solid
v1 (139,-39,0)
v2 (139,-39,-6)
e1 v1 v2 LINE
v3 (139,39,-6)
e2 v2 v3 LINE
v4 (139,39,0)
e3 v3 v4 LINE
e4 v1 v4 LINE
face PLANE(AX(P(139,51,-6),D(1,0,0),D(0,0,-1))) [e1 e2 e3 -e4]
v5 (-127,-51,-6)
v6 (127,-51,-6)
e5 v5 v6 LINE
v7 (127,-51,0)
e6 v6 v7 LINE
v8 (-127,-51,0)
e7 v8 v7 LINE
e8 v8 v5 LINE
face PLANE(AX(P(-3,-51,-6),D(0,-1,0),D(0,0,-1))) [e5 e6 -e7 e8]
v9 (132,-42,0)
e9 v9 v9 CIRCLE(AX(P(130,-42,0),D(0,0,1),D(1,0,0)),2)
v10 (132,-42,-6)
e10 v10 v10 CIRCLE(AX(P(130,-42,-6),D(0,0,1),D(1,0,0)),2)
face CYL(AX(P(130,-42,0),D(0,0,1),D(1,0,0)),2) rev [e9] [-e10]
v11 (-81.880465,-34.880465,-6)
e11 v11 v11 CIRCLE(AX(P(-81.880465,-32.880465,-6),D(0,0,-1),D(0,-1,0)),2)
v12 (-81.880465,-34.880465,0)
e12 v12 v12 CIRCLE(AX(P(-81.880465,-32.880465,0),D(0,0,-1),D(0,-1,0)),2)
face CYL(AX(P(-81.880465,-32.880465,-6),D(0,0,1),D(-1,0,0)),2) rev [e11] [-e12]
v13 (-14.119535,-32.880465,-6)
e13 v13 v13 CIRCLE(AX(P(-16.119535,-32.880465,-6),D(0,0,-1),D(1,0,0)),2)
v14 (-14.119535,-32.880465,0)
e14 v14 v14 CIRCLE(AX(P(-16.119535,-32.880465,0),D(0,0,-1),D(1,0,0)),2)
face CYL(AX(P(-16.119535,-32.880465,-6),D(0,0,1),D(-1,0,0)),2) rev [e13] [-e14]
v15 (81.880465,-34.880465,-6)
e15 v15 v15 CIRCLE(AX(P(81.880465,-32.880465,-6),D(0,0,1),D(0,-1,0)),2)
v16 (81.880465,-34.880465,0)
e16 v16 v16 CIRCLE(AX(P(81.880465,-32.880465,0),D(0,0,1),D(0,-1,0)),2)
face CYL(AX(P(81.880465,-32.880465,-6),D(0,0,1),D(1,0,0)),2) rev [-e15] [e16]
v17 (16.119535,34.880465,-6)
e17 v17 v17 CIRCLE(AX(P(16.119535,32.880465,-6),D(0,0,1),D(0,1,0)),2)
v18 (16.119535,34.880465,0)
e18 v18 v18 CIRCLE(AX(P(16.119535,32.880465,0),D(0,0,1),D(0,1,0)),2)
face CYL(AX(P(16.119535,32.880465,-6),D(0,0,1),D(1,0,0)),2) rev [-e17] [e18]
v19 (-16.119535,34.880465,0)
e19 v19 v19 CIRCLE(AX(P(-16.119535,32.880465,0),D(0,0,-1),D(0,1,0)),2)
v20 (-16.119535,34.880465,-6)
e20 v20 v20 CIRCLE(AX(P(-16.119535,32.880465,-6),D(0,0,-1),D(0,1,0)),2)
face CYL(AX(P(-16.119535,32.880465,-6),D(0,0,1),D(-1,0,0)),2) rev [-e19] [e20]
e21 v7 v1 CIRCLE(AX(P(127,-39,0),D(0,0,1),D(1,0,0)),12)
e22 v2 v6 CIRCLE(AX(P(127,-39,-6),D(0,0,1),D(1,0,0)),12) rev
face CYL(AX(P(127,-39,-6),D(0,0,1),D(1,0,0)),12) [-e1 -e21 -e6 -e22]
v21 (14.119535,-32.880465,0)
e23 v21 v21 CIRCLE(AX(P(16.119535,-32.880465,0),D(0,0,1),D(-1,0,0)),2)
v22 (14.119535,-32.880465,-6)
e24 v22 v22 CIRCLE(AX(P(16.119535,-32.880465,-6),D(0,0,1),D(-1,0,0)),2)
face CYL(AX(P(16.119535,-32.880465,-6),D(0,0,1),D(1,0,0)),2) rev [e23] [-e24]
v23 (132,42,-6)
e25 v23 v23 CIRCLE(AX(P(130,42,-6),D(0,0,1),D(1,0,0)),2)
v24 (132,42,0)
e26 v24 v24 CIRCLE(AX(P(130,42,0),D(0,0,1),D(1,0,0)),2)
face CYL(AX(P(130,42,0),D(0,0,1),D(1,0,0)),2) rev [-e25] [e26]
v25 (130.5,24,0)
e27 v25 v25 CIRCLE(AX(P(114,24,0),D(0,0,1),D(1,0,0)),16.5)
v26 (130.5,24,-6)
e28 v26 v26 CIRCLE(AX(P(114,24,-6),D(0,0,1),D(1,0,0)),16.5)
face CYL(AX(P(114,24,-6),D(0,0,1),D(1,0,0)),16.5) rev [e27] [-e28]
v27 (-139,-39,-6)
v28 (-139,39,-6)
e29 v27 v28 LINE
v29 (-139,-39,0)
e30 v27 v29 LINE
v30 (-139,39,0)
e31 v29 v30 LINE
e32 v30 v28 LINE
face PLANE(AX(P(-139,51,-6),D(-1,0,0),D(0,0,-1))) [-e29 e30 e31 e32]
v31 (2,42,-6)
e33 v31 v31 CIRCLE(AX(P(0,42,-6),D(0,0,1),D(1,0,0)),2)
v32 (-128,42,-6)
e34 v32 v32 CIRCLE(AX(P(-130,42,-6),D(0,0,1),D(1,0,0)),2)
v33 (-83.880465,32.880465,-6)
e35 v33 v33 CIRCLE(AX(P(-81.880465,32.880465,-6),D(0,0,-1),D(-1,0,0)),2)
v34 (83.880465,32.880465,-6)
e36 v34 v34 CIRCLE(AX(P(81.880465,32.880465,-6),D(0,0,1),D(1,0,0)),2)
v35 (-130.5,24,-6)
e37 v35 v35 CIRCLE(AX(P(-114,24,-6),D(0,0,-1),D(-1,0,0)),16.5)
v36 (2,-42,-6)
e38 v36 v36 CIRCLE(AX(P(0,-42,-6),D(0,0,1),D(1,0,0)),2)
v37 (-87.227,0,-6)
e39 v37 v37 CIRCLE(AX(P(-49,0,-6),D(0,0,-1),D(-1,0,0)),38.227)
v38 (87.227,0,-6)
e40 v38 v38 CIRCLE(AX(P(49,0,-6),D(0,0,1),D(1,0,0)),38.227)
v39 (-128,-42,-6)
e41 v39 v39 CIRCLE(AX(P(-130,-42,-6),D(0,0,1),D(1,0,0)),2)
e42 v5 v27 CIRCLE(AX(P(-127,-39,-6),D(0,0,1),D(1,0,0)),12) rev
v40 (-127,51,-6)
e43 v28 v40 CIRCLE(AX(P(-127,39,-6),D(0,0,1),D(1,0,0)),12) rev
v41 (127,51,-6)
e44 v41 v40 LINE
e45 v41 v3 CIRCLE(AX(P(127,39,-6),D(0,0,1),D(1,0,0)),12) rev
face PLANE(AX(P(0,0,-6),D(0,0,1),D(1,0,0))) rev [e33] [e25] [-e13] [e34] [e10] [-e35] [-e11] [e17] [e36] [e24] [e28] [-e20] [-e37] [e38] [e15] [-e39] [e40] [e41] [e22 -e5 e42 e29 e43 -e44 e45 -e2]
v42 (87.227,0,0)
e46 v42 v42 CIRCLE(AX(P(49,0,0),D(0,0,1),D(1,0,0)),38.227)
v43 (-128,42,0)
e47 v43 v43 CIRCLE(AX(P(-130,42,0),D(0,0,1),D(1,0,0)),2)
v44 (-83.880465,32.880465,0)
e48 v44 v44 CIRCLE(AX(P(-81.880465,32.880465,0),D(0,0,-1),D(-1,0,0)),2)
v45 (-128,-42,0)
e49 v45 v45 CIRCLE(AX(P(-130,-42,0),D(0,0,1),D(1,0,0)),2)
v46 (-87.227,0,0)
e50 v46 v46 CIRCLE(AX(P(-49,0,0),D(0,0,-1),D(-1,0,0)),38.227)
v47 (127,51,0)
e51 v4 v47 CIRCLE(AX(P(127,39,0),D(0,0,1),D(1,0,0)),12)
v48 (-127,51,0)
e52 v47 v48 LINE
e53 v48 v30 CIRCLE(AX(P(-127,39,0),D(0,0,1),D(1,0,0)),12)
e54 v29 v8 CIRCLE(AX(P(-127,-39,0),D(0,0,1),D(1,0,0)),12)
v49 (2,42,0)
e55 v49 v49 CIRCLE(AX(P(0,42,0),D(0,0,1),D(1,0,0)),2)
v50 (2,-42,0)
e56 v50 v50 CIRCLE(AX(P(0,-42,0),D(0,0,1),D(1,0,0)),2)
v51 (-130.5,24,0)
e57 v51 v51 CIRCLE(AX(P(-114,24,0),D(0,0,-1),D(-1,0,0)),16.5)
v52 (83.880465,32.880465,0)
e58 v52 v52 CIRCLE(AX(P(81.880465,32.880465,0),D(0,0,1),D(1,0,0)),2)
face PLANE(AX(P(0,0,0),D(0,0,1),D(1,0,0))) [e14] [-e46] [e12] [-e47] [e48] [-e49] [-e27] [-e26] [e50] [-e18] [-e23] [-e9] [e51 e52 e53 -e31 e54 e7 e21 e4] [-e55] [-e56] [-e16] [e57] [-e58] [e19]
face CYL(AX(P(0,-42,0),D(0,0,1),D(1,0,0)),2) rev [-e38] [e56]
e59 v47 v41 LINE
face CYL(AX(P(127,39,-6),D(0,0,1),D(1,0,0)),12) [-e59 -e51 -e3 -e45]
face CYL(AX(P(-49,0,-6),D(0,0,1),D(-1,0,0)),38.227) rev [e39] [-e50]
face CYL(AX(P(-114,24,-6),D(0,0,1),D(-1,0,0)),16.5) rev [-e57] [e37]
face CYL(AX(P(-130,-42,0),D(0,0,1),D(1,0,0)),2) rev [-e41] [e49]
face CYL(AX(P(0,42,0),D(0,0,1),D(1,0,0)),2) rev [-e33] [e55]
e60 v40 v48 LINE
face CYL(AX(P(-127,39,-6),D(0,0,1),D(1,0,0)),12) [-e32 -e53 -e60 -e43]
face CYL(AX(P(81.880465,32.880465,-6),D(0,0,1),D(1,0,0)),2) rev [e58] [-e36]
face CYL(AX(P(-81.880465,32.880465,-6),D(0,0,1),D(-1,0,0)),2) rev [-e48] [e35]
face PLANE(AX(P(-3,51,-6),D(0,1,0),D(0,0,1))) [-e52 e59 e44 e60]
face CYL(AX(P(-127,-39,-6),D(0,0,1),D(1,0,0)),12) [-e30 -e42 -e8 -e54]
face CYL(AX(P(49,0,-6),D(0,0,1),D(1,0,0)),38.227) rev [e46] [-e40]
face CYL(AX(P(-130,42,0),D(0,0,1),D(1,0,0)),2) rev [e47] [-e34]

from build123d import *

# Parameters (mm, degrees)
SKETCH1_W                = 142
SKETCH1_H                = 102
BOSS_EXTRUDE1_DEPTH      = 6
SKETCH2_R                = 38.227
CUT_EXTRUDE1_DEPTH       = 149.182320133
SKETCH4_R                = 2
CUT_EXTRUDE2_DEPTH       = 149.182320133
CIRPATTERN1_COUNT        = 4
SKETCH5_R                = 16.5
CUT_EXTRUDE3_DEPTH       = 149.182320133
FILLET1_R                = 12
F_5_0_5_DIAMETER_HOLE1_D = 4


with BuildPart() as part:
    # Sketch1 → Boss-Extrude1 (new body)
    with BuildSketch(Plane.XY):
        with Locations((68, 0)):
            Rectangle(SKETCH1_W, SKETCH1_H)
    extrude(amount=-BOSS_EXTRUDE1_DEPTH)

    # Sketch2 → Cut-Extrude1 (cut, through all)
    with BuildSketch(Plane.XY):
        with Locations((49, 0)):
            Circle(SKETCH2_R)
    extrude(amount=-CUT_EXTRUDE1_DEPTH, mode=Mode.SUBTRACT)

    # Sketch4 → Cut-Extrude2 (cut, through all)
    with BuildSketch(Plane.XY):
        with Locations((81.880465325, 32.880465325)):
            Circle(SKETCH4_R)
    cut_extrude2 = extrude(amount=-CUT_EXTRUDE2_DEPTH, mode=Mode.SUBTRACT)

    # CirPattern1: Cut-Extrude2 ×4 about axis
    cirpattern1_axis = Axis((49, 0, 0), (0, 0, 1))
    for i in range(1, CIRPATTERN1_COUNT):
        add(cut_extrude2.rotate(cirpattern1_axis, i * 360 / CIRPATTERN1_COUNT), mode=Mode.SUBTRACT)

    # Sketch5 → Cut-Extrude3 (cut, through all)
    with BuildSketch(Plane.XY):
        with Locations((114, 24)):
            Circle(SKETCH5_R)
    extrude(amount=-CUT_EXTRUDE3_DEPTH, mode=Mode.SUBTRACT)

    # Mirror2: part across plane


with BuildPart() as part_1:
    add(part.part)
    add(part.part.mirror(Plane(origin=(0, 0, 0), x_dir=(0, 0, 1), z_dir=(1, 0, 0))))

    # Fillet1
    fillet1_edges = [part_1.edges().sort_by_distance(p)[0] for p in [
        (-139, 51, -3),
        (-139, -51, -3),
        (139, 51, -3),
        (139, -51, -3),
    ]]
    fillet(fillet1_edges, radius=FILLET1_R)

    # Ø5.0 (5) Diameter Hole1 (through all)
    with Locations(Plane.XY):
        with Locations((-130, 42), (130, -42), (-130, -42), (130, 42), (0, 42), (0, -42)):
            Hole(F_5_0_5_DIAMETER_HOLE1_D / 2)


solid = part_1.part
